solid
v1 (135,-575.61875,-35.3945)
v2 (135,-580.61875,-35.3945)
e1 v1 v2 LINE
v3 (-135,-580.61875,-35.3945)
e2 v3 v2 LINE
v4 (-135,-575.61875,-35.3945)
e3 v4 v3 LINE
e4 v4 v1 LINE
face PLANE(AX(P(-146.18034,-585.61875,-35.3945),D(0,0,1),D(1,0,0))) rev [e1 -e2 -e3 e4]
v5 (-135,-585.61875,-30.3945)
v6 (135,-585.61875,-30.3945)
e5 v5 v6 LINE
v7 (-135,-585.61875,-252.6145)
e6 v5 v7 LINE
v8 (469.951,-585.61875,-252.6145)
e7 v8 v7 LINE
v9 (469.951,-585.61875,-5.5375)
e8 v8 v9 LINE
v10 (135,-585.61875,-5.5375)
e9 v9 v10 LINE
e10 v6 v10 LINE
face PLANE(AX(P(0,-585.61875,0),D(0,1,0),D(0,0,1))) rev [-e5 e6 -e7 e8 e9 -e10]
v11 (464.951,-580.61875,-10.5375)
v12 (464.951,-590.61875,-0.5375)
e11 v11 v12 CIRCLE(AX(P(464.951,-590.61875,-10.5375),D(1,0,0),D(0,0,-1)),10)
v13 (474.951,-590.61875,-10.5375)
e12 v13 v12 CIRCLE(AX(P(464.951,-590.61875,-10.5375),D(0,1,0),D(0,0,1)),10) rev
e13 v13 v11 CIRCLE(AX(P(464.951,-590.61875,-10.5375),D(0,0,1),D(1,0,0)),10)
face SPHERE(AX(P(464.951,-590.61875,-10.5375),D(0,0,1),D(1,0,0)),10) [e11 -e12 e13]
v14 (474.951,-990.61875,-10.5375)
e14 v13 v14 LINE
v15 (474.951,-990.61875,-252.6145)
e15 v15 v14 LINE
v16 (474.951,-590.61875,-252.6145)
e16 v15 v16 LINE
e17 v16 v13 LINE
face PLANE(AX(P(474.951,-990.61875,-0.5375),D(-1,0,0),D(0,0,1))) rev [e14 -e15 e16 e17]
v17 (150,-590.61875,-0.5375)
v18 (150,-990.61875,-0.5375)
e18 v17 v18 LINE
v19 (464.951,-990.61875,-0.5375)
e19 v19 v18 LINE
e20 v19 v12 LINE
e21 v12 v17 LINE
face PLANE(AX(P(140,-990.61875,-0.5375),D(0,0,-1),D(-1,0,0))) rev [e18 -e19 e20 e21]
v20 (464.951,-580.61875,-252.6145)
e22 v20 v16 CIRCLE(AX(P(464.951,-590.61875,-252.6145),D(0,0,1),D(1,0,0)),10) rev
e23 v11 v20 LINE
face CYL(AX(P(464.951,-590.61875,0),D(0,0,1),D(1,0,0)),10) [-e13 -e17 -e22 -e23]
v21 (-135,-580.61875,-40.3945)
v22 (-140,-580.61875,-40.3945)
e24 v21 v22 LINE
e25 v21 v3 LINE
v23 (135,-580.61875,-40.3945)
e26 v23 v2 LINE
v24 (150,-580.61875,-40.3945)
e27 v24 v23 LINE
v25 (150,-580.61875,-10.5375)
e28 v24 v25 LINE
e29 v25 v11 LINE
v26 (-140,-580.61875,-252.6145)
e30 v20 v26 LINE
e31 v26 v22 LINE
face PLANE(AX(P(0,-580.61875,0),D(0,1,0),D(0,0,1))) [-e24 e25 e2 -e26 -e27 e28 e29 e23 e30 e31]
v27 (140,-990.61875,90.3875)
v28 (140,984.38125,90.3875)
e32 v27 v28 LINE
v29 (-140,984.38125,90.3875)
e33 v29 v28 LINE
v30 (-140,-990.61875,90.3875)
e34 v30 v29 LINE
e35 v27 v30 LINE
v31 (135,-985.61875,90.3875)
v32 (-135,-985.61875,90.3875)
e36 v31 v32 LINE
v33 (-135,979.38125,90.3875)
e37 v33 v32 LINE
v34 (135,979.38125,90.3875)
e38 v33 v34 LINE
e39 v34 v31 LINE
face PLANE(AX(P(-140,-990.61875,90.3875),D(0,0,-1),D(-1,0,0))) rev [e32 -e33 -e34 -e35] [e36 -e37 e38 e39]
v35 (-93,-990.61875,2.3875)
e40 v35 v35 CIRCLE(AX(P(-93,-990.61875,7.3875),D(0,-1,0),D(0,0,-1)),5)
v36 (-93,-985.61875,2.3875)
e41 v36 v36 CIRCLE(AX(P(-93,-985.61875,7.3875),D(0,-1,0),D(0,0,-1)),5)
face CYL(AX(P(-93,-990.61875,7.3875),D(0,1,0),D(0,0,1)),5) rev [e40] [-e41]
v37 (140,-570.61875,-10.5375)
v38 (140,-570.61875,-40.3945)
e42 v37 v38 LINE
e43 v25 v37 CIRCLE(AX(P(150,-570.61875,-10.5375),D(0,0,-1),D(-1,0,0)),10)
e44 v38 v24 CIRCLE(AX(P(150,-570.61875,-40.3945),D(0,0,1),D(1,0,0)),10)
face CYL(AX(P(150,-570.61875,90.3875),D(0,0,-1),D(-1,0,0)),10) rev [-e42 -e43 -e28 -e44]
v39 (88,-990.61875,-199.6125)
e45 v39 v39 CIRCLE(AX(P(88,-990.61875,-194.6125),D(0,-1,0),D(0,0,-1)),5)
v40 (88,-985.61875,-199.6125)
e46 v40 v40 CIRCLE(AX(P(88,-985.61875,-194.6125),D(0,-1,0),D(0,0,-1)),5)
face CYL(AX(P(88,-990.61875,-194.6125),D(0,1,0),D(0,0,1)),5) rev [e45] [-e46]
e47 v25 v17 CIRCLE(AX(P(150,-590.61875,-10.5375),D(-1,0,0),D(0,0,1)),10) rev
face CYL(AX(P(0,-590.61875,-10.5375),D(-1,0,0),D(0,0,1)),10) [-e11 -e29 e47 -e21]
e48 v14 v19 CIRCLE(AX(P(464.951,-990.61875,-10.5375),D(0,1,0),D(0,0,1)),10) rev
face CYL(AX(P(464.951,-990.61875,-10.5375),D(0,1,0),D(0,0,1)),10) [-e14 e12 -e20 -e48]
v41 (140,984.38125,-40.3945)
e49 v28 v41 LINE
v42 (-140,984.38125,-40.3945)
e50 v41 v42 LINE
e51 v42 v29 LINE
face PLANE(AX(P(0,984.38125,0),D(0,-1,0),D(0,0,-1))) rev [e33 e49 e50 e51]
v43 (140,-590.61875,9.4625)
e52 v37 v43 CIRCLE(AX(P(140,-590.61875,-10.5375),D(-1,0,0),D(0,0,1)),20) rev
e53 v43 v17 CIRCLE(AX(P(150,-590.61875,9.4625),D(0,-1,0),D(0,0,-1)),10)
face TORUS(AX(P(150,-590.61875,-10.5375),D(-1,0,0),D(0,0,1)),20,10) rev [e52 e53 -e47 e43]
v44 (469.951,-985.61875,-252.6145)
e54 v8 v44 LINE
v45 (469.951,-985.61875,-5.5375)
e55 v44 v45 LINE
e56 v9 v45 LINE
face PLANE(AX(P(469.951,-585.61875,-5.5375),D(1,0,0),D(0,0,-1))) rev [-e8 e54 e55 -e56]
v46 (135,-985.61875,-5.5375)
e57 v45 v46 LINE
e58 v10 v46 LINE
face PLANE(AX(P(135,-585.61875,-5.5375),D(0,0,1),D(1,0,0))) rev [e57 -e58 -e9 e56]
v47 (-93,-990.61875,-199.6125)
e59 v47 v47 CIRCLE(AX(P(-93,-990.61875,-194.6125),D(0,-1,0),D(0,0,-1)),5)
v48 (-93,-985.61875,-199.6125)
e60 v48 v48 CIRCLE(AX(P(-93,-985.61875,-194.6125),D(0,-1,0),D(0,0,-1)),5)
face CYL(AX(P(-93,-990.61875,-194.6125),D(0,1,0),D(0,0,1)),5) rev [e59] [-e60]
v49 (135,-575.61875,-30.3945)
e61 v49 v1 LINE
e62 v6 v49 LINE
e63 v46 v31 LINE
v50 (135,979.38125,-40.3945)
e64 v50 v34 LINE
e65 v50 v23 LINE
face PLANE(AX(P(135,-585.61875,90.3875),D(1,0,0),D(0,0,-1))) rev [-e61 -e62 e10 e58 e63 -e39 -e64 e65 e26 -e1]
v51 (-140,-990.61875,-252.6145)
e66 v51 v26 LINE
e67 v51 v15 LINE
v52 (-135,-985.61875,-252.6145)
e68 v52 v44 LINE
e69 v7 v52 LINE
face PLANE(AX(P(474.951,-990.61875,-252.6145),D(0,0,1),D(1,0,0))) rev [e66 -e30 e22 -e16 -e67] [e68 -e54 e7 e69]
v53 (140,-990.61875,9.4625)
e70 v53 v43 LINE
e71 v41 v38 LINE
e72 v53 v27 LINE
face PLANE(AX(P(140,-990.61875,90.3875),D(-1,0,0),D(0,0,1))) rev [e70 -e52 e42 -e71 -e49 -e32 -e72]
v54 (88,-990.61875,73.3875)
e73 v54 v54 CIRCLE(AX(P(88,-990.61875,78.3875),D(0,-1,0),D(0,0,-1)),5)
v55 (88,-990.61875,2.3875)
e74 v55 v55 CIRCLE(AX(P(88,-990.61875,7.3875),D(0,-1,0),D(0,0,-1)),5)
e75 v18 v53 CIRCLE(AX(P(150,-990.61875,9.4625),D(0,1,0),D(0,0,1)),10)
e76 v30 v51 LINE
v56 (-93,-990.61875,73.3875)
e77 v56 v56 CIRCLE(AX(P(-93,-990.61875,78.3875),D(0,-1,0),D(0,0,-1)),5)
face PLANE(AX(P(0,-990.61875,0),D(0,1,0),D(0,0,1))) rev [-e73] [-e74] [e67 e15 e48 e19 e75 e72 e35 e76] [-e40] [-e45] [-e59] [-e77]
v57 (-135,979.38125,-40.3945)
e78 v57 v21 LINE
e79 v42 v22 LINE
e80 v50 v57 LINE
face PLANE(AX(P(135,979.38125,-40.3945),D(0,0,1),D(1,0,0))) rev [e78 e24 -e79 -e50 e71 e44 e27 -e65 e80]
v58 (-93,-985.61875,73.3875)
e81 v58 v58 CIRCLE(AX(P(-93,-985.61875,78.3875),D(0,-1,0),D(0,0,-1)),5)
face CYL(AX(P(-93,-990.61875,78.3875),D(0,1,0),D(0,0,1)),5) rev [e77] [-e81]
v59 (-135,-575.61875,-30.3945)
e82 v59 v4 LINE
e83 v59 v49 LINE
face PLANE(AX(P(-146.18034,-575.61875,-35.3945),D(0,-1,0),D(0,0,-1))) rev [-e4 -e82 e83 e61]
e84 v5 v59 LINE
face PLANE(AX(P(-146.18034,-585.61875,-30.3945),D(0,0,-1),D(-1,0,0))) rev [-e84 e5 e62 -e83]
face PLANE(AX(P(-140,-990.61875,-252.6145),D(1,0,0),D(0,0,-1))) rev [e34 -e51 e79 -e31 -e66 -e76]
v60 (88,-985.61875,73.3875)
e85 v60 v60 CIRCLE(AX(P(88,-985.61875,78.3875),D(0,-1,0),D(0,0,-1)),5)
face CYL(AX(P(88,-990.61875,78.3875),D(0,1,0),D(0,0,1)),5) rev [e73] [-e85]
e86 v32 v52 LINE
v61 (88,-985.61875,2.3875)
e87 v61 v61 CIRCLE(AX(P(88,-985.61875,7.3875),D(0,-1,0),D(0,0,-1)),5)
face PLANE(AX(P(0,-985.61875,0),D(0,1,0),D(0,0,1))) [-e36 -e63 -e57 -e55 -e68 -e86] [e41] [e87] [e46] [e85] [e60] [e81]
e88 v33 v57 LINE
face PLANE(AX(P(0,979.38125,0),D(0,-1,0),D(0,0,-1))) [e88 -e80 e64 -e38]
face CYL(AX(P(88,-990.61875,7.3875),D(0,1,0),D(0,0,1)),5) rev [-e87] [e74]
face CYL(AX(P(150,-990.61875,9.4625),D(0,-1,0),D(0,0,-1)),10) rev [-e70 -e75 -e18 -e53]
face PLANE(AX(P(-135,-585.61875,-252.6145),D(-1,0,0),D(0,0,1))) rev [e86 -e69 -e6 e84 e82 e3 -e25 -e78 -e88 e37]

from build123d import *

# Parameters (mm, degrees)
SKETCH3_R                      = 5
BOTTOM_PLATE_DEPTH             = 5
SKETCH4_W                      = 5
SKETCH4_H                      = 343.002
VERTICAL_WALLS_DEPTH           = 400
MID_HORIZONTAL_PLATE_DEPTH     = 5
SKETCH7_W                      = 5
SKETCH7_H                      = 130.782
REST_OF_VERTICAL_EXTRUDE_DEPTH = 1560
SKETCH8_W                      = 280
SKETCH8_H                      = 130.782
TOP_PLATE_DEPTH                = 5
MOTOR_BOX_FILLETS_R            = 10
SKETCH10_W                     = 5
SKETCH10_H                     = 10
BOTTOM_PLATE_LIP_DEPTH         = 270


with BuildPart() as part:
    # Sketch3 → Bottom plate (new body)
    with BuildSketch(Plane.XZ.offset(985.61875)):
        Polygon((-140, 90.3875), (140, 90.3875), (140, -0.5375), (474.951, -0.5375), (474.951, -252.6145), (-140, -252.6145), align=None)
        with Locations(Location((88, -194.6125, 0), (0, 0, 270))):
            Circle(SKETCH3_R, mode=Mode.SUBTRACT)
        with Locations(Location((-93, -194.6125, 0), (0, 0, 270))):
            Circle(SKETCH3_R, mode=Mode.SUBTRACT)
        with Locations(Location((88, 7.3875, 0), (0, 0, 270))):
            Circle(SKETCH3_R, mode=Mode.SUBTRACT)
        with Locations(Location((-93, 7.3875, 0), (0, 0, 270))):
            Circle(SKETCH3_R, mode=Mode.SUBTRACT)
        with Locations(Location((-93, 78.3875, 0), (0, 0, 270))):
            Circle(SKETCH3_R, mode=Mode.SUBTRACT)
        with Locations(Location((88, 78.3875, 0), (0, 0, 270))):
            Circle(SKETCH3_R, mode=Mode.SUBTRACT)
    extrude(amount=BOTTOM_PLATE_DEPTH)

    # Sketch4 → Vertical walls (add)
    with BuildSketch(Plane(origin=(0, -985.61875, 0), x_dir=(1, 0, 0), z_dir=(0, 1, 0))):
        with Locations((-137.5, 81.1135)):
            Rectangle(SKETCH4_W, SKETCH4_H)
        Polygon((135, -90.3875), (135, 5.5375), (469.951, 5.5375), (469.951, 252.6145), (474.951, 252.6145), (474.951, 0.5375), (140, 0.5375), (140, -90.3875), align=None)
    extrude(amount=VERTICAL_WALLS_DEPTH)

    # Sketch6 → Mid horizontal plate (add)
    with BuildSketch(Plane(origin=(0, -585.61875, 0), x_dir=(1, 0, 0), z_dir=(0, 1, 0))):
        Polygon((135, -90.3875), (135, 35.3945), (-135, 35.3945), (-135, -90.3875), (-140, -90.3875), (-140, 252.6145), (-135, 252.6145), (135, 252.6145), (474.951, 252.6145), (474.951, 0.5375), (140, 0.5375), (140, -90.3875), align=None)
    extrude(amount=MID_HORIZONTAL_PLATE_DEPTH)

    # Sketch7 → Rest of vertical extrude (add)
    with BuildSketch(Plane(origin=(0, -580.61875, 0), x_dir=(1, 0, 0), z_dir=(0, 1, 0))):
        with Locations((137.5, -24.9965)):
            Rectangle(SKETCH7_W, SKETCH7_H)
        with Locations((-137.5, -24.9965)):
            Rectangle(SKETCH7_W, SKETCH7_H)
    extrude(amount=REST_OF_VERTICAL_EXTRUDE_DEPTH)

    # Sketch8 → Top plate (add)
    with BuildSketch(Plane(origin=(0, 979.38125, 0), x_dir=(1, 0, 0), z_dir=(0, 1, 0))):
        with Locations((0, -24.9965)):
            Rectangle(SKETCH8_W, SKETCH8_H)
    extrude(amount=TOP_PLATE_DEPTH)

    # Motor box fillets
    motor_box_fillets_edges = [part.edges().sort_by_distance(p)[0] for p in [
        (140, -580.61875, -20.466),
        (140, -785.61875, -0.5375),
        (474.951, -785.61875, -0.5375),
        (307.4755, -580.61875, -0.5375),
        (474.951, -580.61875, -126.576),
    ]]
    fillet(motor_box_fillets_edges, radius=MOTOR_BOX_FILLETS_R)

    # Sketch10 → Bottom plate lip (add)
    with BuildSketch(Plane.ZY.offset(-135)):
        with Locations((-32.8945, -580.61875)):
            Rectangle(SKETCH10_W, SKETCH10_H)
    extrude(amount=BOTTOM_PLATE_LIP_DEPTH)


solid = part.part
